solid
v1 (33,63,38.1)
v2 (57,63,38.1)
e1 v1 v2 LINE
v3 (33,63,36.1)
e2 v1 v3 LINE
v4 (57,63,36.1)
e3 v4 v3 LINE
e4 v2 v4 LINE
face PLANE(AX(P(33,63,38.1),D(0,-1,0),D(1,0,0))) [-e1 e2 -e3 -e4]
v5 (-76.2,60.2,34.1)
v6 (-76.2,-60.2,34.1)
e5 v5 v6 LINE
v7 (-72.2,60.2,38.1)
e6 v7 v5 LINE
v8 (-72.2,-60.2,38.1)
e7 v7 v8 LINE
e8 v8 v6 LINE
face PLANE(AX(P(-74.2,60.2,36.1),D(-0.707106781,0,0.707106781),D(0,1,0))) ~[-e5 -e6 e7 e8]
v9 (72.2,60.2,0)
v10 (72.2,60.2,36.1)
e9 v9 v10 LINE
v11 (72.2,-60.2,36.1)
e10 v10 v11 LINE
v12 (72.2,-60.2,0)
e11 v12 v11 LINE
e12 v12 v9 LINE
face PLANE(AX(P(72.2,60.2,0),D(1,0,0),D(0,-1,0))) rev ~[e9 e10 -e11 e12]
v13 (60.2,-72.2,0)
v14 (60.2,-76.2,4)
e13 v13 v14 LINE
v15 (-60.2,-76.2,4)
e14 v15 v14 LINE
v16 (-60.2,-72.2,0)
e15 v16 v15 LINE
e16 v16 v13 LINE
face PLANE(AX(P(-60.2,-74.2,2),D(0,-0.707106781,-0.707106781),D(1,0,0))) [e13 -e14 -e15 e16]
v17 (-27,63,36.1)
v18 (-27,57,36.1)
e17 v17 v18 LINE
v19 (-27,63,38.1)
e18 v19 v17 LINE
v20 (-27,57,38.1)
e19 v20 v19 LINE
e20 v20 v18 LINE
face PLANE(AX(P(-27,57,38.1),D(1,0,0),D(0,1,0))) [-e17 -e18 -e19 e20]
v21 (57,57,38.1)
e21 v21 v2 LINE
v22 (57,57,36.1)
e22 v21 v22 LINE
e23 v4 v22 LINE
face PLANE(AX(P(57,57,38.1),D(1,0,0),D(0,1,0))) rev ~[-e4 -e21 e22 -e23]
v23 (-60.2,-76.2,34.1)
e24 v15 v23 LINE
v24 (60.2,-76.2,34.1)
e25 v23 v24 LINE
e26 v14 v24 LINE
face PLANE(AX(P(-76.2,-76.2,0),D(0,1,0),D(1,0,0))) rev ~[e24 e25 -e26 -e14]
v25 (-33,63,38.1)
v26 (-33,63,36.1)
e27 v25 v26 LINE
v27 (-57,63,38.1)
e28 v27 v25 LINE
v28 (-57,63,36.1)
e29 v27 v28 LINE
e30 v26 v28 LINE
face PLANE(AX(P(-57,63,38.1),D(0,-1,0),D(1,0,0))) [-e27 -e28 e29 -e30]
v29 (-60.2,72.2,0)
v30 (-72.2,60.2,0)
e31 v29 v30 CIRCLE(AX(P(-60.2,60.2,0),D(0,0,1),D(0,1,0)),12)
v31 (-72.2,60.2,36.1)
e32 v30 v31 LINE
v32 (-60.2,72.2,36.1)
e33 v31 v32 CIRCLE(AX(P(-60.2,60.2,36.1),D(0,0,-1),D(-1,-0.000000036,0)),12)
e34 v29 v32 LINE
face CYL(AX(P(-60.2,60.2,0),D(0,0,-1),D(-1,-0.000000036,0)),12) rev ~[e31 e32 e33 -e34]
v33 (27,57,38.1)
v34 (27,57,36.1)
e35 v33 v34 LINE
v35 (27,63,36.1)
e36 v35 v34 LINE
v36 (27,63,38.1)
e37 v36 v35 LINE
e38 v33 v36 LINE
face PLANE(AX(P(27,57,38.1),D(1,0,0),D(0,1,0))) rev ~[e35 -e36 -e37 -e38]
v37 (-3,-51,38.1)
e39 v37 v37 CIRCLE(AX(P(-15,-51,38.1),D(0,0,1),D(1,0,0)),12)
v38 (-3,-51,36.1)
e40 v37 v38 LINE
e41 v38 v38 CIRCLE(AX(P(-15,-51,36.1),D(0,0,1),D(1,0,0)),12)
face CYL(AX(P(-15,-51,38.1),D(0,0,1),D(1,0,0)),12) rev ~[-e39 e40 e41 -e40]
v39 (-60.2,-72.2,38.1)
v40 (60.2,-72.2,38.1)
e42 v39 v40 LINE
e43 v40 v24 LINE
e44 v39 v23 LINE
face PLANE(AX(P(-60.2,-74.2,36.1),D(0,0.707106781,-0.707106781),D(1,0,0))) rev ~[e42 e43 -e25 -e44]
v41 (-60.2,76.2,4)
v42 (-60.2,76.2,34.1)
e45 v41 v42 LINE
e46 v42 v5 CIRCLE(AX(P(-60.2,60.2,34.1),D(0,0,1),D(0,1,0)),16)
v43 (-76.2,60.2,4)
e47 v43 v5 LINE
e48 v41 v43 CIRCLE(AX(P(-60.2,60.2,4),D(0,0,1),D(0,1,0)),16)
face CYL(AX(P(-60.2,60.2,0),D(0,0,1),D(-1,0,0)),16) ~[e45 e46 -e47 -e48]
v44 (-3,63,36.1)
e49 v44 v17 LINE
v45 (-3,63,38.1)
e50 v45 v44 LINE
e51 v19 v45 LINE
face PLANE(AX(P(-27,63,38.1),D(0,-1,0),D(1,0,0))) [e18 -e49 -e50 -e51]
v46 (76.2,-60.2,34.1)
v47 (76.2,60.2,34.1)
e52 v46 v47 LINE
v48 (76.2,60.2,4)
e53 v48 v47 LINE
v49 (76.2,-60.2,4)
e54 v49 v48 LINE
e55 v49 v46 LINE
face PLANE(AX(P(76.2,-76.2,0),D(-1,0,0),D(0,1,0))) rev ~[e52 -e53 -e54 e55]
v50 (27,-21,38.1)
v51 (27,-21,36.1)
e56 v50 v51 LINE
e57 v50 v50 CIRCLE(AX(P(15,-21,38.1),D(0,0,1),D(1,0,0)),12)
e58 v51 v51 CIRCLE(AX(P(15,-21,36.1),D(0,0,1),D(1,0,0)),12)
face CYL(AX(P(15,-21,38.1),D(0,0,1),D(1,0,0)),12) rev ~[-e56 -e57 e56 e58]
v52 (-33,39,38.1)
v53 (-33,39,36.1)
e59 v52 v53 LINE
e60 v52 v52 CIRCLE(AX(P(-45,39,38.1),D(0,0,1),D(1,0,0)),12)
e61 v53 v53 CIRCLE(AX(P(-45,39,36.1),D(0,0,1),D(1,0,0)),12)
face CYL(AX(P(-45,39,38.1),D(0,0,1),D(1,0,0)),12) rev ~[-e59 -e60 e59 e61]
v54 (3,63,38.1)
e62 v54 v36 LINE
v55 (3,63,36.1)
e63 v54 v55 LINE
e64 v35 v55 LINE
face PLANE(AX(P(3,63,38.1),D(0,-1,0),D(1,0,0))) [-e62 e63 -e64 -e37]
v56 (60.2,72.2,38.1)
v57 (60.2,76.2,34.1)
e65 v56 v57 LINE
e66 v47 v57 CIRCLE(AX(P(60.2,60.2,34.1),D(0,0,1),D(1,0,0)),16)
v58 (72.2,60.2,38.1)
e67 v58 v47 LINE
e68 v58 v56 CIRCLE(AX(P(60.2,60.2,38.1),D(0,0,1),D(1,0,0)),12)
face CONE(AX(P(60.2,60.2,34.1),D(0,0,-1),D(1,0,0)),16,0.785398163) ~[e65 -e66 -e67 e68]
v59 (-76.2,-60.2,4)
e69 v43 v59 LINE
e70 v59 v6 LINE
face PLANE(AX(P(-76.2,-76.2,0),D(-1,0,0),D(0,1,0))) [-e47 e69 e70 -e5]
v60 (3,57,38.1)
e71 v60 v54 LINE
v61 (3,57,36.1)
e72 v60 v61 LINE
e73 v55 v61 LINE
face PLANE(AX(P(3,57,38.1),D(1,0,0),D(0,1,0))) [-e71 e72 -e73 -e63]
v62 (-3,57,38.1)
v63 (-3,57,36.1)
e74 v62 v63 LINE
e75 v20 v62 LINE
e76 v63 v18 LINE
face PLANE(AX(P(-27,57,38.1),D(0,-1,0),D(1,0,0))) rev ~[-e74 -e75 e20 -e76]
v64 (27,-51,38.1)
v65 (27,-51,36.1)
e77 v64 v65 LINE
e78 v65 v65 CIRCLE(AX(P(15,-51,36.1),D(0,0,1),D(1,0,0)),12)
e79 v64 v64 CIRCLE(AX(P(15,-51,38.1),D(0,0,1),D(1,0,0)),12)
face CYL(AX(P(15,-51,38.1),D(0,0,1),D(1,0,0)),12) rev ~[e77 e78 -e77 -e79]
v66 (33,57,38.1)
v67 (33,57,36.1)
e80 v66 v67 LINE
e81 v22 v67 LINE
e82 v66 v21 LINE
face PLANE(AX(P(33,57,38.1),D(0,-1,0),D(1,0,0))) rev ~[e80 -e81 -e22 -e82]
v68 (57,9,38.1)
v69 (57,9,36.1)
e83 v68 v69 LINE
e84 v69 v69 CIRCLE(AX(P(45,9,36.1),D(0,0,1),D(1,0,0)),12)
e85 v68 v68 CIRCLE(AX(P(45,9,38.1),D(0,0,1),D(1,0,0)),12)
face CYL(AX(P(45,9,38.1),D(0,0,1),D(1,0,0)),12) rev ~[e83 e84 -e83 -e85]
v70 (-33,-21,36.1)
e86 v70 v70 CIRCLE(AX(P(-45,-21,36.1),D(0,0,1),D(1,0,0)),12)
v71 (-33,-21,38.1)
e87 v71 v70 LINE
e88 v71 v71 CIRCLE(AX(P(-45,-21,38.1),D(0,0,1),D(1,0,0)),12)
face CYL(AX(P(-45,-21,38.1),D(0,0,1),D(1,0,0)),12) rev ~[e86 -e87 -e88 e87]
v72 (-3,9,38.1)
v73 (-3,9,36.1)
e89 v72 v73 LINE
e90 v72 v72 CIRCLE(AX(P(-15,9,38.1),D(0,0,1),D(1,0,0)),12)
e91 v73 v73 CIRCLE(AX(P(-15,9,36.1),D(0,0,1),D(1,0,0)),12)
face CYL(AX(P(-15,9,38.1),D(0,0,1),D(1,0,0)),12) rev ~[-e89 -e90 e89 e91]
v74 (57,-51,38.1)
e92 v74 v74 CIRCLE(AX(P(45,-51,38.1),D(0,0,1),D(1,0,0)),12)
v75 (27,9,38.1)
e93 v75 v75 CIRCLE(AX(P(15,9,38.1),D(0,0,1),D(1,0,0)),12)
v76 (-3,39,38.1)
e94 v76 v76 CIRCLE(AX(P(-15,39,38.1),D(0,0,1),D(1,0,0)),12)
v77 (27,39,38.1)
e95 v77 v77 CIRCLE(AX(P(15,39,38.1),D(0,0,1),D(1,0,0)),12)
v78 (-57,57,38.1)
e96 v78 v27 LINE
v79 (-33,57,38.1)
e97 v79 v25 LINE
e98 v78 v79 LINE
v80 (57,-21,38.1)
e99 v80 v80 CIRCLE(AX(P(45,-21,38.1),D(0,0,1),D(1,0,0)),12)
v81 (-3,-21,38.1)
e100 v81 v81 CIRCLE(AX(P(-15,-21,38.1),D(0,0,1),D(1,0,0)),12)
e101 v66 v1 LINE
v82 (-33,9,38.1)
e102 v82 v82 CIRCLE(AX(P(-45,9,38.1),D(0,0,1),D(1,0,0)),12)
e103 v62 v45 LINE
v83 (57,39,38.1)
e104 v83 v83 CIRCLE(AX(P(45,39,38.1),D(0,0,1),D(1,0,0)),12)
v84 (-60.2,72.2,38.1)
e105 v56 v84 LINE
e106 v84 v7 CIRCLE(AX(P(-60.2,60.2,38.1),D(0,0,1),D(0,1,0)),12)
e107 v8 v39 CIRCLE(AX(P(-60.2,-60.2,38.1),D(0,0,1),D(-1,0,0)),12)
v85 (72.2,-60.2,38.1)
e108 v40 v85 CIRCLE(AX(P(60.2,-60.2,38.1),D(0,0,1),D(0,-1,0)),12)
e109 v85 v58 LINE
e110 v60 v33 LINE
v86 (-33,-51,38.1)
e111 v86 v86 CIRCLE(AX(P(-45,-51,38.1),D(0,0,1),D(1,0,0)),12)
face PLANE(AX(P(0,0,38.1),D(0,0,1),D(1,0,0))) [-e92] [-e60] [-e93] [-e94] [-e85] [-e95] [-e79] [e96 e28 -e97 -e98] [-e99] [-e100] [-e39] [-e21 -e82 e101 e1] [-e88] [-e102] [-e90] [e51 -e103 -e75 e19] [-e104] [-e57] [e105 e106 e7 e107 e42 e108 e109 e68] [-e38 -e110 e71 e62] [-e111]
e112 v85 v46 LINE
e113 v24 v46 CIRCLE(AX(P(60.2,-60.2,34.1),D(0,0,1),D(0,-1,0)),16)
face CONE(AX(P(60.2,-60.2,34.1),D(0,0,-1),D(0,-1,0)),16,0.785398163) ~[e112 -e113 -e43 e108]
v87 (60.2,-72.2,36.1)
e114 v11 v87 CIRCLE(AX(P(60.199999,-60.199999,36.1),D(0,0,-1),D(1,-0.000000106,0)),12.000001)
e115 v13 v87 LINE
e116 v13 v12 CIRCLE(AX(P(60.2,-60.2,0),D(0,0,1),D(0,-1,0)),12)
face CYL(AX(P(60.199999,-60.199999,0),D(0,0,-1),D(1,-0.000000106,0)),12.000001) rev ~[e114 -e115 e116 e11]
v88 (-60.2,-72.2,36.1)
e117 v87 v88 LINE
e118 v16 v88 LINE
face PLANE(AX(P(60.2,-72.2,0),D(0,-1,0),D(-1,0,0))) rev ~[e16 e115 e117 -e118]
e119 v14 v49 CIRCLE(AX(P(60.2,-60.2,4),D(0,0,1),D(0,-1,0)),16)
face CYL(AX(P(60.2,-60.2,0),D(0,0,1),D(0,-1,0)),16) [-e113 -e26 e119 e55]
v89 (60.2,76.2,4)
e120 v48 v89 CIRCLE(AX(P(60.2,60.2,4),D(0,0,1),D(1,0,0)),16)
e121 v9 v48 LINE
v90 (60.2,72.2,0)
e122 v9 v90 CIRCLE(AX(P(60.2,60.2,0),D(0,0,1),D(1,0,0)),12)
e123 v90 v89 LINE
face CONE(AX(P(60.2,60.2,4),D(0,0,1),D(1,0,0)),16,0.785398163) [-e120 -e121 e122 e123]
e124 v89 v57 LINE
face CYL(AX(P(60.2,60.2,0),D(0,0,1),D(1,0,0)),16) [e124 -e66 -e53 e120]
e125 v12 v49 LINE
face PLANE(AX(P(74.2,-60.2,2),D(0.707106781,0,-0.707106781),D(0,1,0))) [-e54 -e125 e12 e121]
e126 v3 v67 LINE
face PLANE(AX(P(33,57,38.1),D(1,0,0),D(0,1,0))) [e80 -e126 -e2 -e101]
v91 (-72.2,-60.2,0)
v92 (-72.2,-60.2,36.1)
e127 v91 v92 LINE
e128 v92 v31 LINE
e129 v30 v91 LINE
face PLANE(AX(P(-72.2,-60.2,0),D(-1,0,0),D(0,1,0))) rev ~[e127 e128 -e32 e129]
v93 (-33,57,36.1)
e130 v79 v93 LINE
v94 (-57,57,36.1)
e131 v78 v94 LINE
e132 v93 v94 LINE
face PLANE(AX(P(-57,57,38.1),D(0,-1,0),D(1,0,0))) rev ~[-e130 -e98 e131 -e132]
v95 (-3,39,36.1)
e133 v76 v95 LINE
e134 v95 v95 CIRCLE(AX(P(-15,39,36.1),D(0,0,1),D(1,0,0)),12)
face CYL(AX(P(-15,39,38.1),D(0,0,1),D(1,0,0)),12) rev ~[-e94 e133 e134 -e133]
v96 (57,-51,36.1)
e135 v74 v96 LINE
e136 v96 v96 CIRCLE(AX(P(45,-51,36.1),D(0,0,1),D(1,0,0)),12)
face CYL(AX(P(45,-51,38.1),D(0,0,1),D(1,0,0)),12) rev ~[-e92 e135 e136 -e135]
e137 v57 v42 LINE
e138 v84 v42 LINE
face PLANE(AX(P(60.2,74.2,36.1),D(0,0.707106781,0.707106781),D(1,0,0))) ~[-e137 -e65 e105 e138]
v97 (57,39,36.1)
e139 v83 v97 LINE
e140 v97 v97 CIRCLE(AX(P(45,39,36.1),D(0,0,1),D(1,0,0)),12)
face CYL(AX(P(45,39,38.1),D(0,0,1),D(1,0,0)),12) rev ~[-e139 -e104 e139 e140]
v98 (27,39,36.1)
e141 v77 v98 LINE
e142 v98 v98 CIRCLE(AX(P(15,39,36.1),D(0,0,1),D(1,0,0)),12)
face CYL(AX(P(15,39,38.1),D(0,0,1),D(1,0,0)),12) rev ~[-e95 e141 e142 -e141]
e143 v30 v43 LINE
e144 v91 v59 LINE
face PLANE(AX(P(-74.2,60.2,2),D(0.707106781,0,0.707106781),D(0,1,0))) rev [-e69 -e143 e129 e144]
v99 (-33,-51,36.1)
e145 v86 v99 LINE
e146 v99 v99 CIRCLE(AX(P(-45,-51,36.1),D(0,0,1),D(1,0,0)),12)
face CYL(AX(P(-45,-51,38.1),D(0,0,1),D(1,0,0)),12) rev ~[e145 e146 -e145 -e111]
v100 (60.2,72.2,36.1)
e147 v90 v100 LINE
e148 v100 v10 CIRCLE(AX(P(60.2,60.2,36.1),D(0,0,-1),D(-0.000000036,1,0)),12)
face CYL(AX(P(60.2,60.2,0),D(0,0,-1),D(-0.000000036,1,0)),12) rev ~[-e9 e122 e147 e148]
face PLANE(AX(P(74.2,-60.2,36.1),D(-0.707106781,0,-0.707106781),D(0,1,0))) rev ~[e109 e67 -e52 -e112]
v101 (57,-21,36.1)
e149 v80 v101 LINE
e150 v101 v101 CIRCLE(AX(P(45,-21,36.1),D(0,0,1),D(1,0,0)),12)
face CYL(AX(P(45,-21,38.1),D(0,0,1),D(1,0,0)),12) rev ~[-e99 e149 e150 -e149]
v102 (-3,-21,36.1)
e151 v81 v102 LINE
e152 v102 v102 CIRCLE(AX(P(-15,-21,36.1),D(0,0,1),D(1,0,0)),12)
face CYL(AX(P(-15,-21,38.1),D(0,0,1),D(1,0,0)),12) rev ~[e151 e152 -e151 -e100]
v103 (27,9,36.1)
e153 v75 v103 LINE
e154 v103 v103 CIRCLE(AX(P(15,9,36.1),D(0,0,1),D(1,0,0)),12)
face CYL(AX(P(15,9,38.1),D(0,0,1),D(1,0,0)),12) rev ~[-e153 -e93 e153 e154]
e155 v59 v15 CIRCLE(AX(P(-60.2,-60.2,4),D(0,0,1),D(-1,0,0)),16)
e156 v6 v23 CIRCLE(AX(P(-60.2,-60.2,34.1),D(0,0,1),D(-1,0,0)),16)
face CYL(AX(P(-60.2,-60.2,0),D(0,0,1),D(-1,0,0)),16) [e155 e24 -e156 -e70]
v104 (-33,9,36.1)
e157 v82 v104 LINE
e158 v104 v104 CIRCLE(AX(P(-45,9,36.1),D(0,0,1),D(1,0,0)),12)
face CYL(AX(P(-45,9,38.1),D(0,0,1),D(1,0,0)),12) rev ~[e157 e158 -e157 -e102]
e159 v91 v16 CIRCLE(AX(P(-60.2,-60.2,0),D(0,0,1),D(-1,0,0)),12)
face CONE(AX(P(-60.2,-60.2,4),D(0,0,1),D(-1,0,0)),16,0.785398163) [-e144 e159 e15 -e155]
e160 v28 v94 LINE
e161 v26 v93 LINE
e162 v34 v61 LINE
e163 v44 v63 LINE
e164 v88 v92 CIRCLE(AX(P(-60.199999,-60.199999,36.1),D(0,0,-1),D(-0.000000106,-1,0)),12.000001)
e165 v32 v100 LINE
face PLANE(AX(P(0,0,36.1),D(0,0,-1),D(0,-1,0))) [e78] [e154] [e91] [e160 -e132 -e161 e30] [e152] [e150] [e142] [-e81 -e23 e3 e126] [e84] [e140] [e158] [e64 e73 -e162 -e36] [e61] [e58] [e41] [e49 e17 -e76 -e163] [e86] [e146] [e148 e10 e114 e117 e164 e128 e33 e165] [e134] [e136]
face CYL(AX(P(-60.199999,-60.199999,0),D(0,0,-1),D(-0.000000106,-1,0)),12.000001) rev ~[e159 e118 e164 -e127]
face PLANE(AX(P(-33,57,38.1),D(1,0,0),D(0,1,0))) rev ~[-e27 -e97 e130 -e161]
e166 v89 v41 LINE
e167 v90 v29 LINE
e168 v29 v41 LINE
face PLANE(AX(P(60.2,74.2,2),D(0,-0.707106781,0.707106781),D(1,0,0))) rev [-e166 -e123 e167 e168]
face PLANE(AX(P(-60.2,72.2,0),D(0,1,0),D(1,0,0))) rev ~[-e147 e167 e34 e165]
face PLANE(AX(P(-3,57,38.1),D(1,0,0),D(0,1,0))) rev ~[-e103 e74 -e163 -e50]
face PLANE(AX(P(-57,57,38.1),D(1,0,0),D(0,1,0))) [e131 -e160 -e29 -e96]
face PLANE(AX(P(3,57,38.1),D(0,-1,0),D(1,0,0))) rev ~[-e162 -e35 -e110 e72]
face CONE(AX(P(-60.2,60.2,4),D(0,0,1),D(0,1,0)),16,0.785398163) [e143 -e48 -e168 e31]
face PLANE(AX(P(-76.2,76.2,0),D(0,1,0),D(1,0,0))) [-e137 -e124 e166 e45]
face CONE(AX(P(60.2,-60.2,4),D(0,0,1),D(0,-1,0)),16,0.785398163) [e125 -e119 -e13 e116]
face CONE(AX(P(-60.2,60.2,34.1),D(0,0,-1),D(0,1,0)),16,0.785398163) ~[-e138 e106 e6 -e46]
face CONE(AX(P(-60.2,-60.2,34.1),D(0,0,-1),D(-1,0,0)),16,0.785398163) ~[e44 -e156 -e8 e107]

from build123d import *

# Parameters (mm, degrees)
SKETCH_W        = 152.4
SKETCH_H        = 152.4
PAD_DEPTH       = 38.1
FILLET_R        = 16
CHAMFER_SIZE    = 4
SKETCH001_R     = 12
SKETCH001_W     = 24
SKETCH001_H     = 6
POCKET_DEPTH    = 38.101
POCKET_FACE9_R  = 12
POCKET_FACE9_W  = 6
POCKET_FACE9_H  = 24
POCKET001_DEPTH = 36.1


with BuildPart() as part:
    # Sketch → Pad (new body)
    with BuildSketch(Plane.XY):
        Rectangle(SKETCH_W, SKETCH_H)
    extrude(amount=PAD_DEPTH)

    # Fillet
    fillet_edges = [part.edges().sort_by_distance(p)[0] for p in [
        (-76.2, 76.2, 19.05),
        (-76.2, -76.2, 19.05),
        (76.2, -76.2, 19.05),
        (76.2, 76.2, 19.05),
    ]]
    fillet(fillet_edges, radius=FILLET_R)

    # Chamfer
    chamfer_edges = [part.edges().sort_by_distance(p)[0] for p in [
        (0, -76.2, 0),
        (0, -76.2, 38.1),
    ]]
    chamfer(chamfer_edges, length=CHAMFER_SIZE)

    # Sketch001 (on Face11 of Chamfer) → Pocket (cut, through all)
    with BuildSketch(Plane.XY.offset(38.1)):
        with Locations((-45, -51)):
            Circle(SKETCH001_R)
        with Locations((-45, -21)):
            Circle(SKETCH001_R)
        with Locations((-45, 9)):
            Circle(SKETCH001_R)
        with Locations((-45, 39)):
            Circle(SKETCH001_R)
        with Locations((-15, -51)):
            Circle(SKETCH001_R)
        with Locations((-15, -21)):
            Circle(SKETCH001_R)
        with Locations((-15, 9)):
            Circle(SKETCH001_R)
        with Locations((-15, 39)):
            Circle(SKETCH001_R)
        with Locations((15, -51)):
            Circle(SKETCH001_R)
        with Locations((15, -21)):
            Circle(SKETCH001_R)
        with Locations((15, 9)):
            Circle(SKETCH001_R)
        with Locations((15, 39)):
            Circle(SKETCH001_R)
        with Locations((45, -51)):
            Circle(SKETCH001_R)
        with Locations((45, -21)):
            Circle(SKETCH001_R)
        with Locations((45, 9)):
            Circle(SKETCH001_R)
        with Locations((45, 39)):
            Circle(SKETCH001_R)
        with Locations((-45, 60)):
            Rectangle(SKETCH001_W, SKETCH001_H)
        with Locations((-15, 60)):
            Rectangle(SKETCH001_W, SKETCH001_H)
        with Locations((15, 60)):
            Rectangle(SKETCH001_W, SKETCH001_H)
        with Locations((45, 60)):
            Rectangle(SKETCH001_W, SKETCH001_H)
    extrude(amount=-POCKET_DEPTH, mode=Mode.SUBTRACT)

    # Pocket Face9 → Pocket001 (cut)
    with BuildSketch(Plane(origin=(0, 0.686829, 0), x_dir=(0, -1, 0), z_dir=(0, 0, -1))):
        with BuildLine():
            Line((72.886829, -60.2), (72.886829, 60.2))
            ThreePointArc((72.886829, 60.2), (69.37211, 68.685281), (60.886829, 72.2))
            Line((60.886829, 72.2), (-59.513171, 72.2))
            ThreePointArc((-59.513171, 72.2), (-67.998453, 68.685281), (-71.513171, 60.2))
            Line((-71.513171, 60.2), (-71.513171, -60.2))
            ThreePointArc((-71.513171, -60.2), (-67.998453, -68.685281), (-59.513171, -72.2))
            Line((-59.513171, -72.2), (60.886829, -72.2))
            ThreePointArc((60.886829, -72.2), (69.37211, -68.685281), (72.886829, -60.2))
        make_face()
        with Locations((-38.313171, 45)):
            Circle(POCKET_FACE9_R, mode=Mode.SUBTRACT)
        with Locations((-8.313171, 45)):
            Circle(POCKET_FACE9_R, mode=Mode.SUBTRACT)
        with Locations((-8.313171, 15)):
            Circle(POCKET_FACE9_R, mode=Mode.SUBTRACT)
        with Locations((-38.313171, 15)):
            Circle(POCKET_FACE9_R, mode=Mode.SUBTRACT)
        with Locations((-38.313171, -15)):
            Circle(POCKET_FACE9_R, mode=Mode.SUBTRACT)
        with Locations((21.686829, 45)):
            Circle(POCKET_FACE9_R, mode=Mode.SUBTRACT)
        with Locations((21.686829, -45)):
            Circle(POCKET_FACE9_R, mode=Mode.SUBTRACT)
        with Locations((-8.313171, -45)):
            Circle(POCKET_FACE9_R, mode=Mode.SUBTRACT)
        with Locations((21.686829, -15)):
            Circle(POCKET_FACE9_R, mode=Mode.SUBTRACT)
        with Locations((-8.313171, -15)):
            Circle(POCKET_FACE9_R, mode=Mode.SUBTRACT)
        with Locations((21.686829, 15)):
            Circle(POCKET_FACE9_R, mode=Mode.SUBTRACT)
        with Locations((-38.313171, -45)):
            Circle(POCKET_FACE9_R, mode=Mode.SUBTRACT)
        with Locations((-59.313171, 45)):
            Rectangle(POCKET_FACE9_W, POCKET_FACE9_H, mode=Mode.SUBTRACT)
        with Locations((-59.313171, 15)):
            Rectangle(POCKET_FACE9_W, POCKET_FACE9_H, mode=Mode.SUBTRACT)
        with Locations((-59.313171, -15)):
            Rectangle(POCKET_FACE9_W, POCKET_FACE9_H, mode=Mode.SUBTRACT)
        with Locations((-59.313171, -45)):
            Rectangle(POCKET_FACE9_W, POCKET_FACE9_H, mode=Mode.SUBTRACT)
        with Locations((51.686829, 15)):
            Circle(POCKET_FACE9_R, mode=Mode.SUBTRACT)
        with Locations((51.686829, -15)):
            Circle(POCKET_FACE9_R, mode=Mode.SUBTRACT)
        with Locations((51.686829, -45)):
            Circle(POCKET_FACE9_R, mode=Mode.SUBTRACT)
        with Locations((51.686829, 45)):
            Circle(POCKET_FACE9_R, mode=Mode.SUBTRACT)
    extrude(amount=-POCKET001_DEPTH, mode=Mode.SUBTRACT)


solid = part.part
